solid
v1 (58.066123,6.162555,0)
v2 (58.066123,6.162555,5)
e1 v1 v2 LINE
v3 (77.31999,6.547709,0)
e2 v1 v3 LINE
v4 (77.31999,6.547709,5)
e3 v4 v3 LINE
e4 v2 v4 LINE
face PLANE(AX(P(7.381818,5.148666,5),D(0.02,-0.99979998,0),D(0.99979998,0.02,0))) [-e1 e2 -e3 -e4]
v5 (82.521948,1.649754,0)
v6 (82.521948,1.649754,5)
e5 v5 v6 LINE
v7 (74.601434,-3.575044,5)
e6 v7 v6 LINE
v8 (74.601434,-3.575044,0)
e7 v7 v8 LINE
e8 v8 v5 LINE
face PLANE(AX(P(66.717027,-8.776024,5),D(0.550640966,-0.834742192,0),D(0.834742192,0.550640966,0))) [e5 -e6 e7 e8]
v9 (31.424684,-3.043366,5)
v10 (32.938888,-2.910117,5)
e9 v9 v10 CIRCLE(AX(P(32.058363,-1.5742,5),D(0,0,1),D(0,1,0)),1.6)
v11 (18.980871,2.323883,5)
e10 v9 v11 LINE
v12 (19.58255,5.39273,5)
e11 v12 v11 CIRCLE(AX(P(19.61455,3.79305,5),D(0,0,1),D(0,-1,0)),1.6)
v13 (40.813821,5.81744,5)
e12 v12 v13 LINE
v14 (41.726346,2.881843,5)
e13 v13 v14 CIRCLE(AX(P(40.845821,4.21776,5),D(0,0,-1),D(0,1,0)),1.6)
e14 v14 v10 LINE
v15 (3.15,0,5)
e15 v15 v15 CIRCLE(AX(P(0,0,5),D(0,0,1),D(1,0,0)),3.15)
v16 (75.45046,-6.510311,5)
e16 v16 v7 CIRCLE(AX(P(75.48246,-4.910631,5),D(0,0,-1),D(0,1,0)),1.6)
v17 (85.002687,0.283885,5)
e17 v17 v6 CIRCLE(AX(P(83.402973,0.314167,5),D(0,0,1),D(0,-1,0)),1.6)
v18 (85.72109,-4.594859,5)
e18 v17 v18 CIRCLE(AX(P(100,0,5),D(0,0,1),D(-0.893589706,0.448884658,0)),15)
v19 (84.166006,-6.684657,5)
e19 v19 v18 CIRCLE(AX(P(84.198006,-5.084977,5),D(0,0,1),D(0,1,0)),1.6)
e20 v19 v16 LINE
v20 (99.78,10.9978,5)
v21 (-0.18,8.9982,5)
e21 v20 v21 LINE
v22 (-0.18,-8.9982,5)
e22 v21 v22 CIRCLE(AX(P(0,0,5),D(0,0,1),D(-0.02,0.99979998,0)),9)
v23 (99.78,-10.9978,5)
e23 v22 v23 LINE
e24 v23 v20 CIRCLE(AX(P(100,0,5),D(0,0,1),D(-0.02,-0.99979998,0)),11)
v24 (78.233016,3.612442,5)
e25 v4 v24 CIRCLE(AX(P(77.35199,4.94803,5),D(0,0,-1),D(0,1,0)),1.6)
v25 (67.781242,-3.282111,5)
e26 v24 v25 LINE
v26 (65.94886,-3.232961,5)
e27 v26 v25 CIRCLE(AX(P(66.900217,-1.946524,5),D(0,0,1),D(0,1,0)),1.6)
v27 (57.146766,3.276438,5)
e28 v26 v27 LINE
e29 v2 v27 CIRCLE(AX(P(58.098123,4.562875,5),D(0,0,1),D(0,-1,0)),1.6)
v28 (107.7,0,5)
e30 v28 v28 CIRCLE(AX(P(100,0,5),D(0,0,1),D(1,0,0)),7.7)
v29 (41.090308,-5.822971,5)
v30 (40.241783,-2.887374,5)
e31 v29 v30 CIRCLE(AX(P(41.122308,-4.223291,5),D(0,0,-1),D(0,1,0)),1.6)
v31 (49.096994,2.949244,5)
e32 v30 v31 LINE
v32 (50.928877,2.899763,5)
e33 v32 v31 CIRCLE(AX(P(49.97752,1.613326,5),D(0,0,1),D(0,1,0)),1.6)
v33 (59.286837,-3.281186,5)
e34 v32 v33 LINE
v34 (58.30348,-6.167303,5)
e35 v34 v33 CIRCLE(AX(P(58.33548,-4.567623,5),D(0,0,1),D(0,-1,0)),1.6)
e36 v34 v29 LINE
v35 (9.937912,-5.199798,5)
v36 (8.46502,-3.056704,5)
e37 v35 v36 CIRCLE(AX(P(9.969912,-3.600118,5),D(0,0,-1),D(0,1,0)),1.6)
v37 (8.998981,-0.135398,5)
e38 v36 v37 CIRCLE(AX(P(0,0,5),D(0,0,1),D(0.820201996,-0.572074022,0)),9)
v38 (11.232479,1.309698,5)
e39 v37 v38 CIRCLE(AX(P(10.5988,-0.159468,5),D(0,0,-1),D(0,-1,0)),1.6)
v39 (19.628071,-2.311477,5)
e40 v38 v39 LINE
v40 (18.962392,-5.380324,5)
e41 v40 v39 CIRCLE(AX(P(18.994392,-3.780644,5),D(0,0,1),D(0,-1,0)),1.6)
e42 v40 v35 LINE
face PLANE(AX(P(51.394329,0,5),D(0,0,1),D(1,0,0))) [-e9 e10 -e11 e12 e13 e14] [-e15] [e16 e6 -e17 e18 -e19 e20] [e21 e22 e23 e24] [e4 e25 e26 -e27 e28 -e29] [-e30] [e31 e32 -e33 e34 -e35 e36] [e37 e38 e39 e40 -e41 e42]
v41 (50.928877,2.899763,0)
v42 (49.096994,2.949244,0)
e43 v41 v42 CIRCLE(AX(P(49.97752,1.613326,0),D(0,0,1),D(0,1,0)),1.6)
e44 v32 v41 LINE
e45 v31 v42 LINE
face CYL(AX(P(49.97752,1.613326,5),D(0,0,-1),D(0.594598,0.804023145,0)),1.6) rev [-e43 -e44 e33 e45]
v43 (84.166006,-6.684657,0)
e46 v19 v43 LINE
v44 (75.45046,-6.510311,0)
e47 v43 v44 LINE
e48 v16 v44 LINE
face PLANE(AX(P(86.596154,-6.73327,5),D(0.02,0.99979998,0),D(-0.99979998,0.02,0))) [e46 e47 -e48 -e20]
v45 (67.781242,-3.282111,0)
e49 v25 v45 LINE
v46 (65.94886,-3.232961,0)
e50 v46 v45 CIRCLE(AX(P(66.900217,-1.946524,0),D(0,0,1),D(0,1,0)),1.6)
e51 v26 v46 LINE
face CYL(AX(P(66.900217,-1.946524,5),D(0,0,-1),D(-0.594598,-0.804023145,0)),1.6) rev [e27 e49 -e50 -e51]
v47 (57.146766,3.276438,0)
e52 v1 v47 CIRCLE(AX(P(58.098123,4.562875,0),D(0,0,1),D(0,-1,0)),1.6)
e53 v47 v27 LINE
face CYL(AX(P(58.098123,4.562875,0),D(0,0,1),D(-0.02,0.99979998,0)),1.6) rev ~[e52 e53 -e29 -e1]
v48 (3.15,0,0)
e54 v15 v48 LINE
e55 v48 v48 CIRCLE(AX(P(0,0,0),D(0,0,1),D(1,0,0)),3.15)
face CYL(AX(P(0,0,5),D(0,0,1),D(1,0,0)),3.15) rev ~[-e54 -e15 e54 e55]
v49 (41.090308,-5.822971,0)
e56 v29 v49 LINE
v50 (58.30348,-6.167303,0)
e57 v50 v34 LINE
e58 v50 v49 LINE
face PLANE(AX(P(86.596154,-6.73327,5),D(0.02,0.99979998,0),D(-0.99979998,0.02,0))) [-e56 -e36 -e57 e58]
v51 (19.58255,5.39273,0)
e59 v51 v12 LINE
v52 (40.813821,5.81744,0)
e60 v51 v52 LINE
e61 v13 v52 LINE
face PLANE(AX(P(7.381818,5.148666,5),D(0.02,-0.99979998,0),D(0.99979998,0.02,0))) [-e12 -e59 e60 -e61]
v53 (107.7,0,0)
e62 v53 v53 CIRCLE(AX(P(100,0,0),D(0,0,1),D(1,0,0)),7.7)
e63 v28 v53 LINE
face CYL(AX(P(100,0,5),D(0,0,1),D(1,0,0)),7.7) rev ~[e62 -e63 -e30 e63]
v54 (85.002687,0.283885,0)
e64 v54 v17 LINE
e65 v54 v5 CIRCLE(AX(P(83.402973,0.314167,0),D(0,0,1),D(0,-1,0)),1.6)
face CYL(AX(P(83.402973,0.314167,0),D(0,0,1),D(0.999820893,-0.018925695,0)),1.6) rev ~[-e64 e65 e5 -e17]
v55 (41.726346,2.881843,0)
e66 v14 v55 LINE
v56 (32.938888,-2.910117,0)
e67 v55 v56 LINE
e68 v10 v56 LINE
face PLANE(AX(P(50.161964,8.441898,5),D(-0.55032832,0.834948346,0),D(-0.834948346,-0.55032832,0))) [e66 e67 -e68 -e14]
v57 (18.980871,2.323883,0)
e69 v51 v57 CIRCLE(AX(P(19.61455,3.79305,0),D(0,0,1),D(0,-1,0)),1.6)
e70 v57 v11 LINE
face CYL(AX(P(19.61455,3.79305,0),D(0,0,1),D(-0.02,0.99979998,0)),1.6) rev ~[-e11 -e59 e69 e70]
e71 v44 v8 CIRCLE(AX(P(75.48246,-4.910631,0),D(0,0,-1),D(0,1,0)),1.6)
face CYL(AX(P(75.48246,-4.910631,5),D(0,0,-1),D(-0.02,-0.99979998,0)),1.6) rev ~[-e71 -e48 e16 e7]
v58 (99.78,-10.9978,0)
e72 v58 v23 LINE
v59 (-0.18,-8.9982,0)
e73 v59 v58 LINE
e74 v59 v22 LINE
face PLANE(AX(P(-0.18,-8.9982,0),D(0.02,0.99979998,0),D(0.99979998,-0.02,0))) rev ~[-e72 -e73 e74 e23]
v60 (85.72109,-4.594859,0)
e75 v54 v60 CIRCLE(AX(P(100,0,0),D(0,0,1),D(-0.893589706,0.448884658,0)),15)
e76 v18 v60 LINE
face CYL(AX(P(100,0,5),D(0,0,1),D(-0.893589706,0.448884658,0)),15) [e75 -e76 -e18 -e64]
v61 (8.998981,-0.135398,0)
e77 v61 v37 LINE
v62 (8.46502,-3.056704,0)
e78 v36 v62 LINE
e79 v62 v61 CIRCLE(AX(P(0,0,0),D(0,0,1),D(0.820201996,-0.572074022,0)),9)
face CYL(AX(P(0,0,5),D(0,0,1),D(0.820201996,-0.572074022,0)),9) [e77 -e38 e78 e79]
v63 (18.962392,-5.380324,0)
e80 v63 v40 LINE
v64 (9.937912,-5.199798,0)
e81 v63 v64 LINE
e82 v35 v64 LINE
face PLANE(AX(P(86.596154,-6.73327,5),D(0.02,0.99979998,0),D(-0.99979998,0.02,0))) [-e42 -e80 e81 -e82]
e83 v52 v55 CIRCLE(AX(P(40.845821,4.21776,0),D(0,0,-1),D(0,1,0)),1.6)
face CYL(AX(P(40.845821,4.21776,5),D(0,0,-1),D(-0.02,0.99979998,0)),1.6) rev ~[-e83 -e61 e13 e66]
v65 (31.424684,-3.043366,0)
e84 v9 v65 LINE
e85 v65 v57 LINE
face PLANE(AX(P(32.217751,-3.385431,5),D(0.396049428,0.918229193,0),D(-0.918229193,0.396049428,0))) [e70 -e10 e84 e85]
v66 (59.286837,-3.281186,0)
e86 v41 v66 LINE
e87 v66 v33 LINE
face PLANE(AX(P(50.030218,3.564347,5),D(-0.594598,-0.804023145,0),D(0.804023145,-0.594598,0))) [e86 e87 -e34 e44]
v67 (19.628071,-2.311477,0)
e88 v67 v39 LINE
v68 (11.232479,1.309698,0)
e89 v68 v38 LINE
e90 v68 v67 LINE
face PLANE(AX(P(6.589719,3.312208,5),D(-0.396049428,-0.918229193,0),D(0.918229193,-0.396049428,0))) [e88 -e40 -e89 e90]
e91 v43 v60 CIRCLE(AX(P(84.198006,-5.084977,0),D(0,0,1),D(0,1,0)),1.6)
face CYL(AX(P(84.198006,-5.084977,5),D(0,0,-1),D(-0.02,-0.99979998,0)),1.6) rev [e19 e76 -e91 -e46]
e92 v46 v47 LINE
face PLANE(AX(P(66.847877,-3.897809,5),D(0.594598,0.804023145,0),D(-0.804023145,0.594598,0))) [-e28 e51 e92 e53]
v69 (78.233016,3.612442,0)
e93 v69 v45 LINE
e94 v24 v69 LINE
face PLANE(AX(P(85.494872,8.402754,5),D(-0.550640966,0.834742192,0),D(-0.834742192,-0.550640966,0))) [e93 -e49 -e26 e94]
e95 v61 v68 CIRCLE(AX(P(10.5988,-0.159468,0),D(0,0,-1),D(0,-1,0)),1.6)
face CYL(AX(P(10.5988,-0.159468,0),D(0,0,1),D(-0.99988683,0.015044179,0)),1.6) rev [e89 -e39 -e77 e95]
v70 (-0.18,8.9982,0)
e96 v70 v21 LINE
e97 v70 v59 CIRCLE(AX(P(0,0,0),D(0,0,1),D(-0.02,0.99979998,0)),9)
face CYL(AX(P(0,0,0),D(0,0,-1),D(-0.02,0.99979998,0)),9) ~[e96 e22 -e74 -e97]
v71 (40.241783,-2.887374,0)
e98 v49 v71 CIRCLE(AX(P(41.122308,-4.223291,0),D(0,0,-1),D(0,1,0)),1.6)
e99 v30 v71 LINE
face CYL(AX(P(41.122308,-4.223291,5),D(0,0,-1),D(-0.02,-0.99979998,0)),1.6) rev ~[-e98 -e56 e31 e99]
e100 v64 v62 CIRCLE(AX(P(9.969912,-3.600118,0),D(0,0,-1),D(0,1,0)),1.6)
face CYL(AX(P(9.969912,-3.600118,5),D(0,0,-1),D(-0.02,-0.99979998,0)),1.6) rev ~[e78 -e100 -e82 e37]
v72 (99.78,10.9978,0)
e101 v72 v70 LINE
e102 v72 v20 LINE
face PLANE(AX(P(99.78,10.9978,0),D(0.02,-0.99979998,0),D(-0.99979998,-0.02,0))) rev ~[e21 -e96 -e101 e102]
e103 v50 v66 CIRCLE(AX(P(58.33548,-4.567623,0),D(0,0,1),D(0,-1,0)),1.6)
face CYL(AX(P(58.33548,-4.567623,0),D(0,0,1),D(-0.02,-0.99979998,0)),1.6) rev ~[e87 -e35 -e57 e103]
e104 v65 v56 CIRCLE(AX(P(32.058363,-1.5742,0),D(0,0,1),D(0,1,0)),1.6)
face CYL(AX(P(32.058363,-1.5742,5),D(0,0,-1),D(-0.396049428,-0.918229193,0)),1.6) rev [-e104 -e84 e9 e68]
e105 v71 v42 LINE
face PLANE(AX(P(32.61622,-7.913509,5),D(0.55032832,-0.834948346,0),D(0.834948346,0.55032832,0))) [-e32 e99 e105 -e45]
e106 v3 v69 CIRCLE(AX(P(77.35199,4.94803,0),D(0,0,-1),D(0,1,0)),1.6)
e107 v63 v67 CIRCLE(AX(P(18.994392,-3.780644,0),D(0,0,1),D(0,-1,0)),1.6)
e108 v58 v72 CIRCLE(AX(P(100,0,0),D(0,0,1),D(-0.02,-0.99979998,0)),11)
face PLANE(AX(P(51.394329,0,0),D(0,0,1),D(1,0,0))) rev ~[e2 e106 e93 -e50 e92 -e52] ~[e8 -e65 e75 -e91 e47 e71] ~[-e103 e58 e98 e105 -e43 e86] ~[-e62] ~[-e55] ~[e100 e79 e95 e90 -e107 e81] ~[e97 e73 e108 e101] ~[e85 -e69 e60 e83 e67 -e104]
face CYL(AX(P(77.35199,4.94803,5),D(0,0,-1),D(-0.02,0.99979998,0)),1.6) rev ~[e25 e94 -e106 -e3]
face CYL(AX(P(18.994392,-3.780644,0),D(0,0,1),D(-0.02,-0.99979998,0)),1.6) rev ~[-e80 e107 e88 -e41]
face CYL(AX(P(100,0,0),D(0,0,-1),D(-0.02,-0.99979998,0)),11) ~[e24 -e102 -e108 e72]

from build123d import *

# Parameters (mm, degrees)
EXTRUDE_1_DEPTH     = 5
SKETCH_2_R          = 3.15
CUT_EXTRUDE_1_DEPTH = 112.655720857
SKETCH_3_R          = 7.7
CUT_EXTRUDE_2_DEPTH = 112.655720857
CUT_EXTRUDE_3_DEPTH = 112.655720857
EXTRUDE_1_2_DEPTH   = 5
FILLET_1_R          = 1.6


with BuildPart() as part:
    # 草图1 → Extrude 1 (new body)
    with BuildSketch(Plane.XY):
        with BuildLine():
            Line((-0.18, -8.99819982), (99.78, -10.99779978))
            ThreePointArc((99.78, -10.99779978), (111, 0), (99.78, 10.99779978))
            Line((99.78, 10.99779978), (-0.18, 8.99819982))
            ThreePointArc((-0.18, 8.99819982), (-9, 0), (-0.18, -8.99819982))
        make_face()
    extrude(amount=EXTRUDE_1_DEPTH)

    # 草图2 → 切除-拉伸1 (cut, through all)
    with BuildSketch(Plane.XY.offset(5)):
        Circle(SKETCH_2_R)
    extrude(amount=-CUT_EXTRUDE_1_DEPTH, mode=Mode.SUBTRACT)

    # 草图3 → 切除-拉伸2 (cut, through all)
    with BuildSketch(Plane.XY.offset(5)):
        with Locations((100, 0)):
            Circle(SKETCH_3_R)
    extrude(amount=-CUT_EXTRUDE_2_DEPTH, mode=Mode.SUBTRACT)

    # 草图4 → 切除-拉伸3 (cut, through all)
    with BuildSketch(Plane.XY.offset(5)):
        with BuildLine():
            Line((7.381817961, 5.148666195), (86.596154404, 6.733269877))
            ThreePointArc((86.596154404, 6.733269877), (85, 0), (86.596154404, -6.733269877))
            Line((86.596154404, -6.733269877), (7.381817961, -5.148666195))
            ThreePointArc((7.381817961, -5.148666195), (9, 0), (7.381817961, 5.148666195))
        make_face()
    extrude(amount=-CUT_EXTRUDE_3_DEPTH, mode=Mode.SUBTRACT)

    # 草图5 → Extrude 1 2 (add, through all)
    with BuildSketch(Plane.XY.offset(5)):
        Polygon((6.589719105, 3.31220781), (32.616219561, -7.91350871), (50.030218058, 3.564346875), (66.717027477, -8.776023625), (87.697436335, 5.063785493), (85.494872472, 8.40275426), (66.847877099, -3.897809486), (50.161963875, 8.441898252), (32.217750586, -3.385430707), (8.173916817, 6.985124581), align=None)
    extrude(amount=-EXTRUDE_1_2_DEPTH)

    # 圆角1
    fillet_1_edges = [part.edges().sort_by_distance(p)[0] for p in [
        (7.381817961, -5.148666195, 2.5),
        (86.596154404, -6.733269877, 2.5),
        (27.121513236, -5.543539083, 2.5),
        (35.944131409, -5.720026748, 2.5),
        (63.325320924, -6.267760096, 2.5),
        (70.307680542, -6.407435226, 2.5),
        (82.850434699, 6.658340495, 2.5),
        (53.37111962, 6.068636241, 2.5),
        (46.348147736, 5.928148703, 2.5),
        (12.20786682, 5.245206483, 2.5),
        (32.217750586, -3.385430707, 2.5),
        (66.847877099, -3.897809486, 2.5),
        (85.430653574, 3.56849334, 2.5),
        (50.030218058, 3.564346875, 2.5),
        (8.669944071, 2.414967867, 2.5),
    ]]
    fillet(fillet_1_edges, radius=FILLET_1_R)


solid = part.part
